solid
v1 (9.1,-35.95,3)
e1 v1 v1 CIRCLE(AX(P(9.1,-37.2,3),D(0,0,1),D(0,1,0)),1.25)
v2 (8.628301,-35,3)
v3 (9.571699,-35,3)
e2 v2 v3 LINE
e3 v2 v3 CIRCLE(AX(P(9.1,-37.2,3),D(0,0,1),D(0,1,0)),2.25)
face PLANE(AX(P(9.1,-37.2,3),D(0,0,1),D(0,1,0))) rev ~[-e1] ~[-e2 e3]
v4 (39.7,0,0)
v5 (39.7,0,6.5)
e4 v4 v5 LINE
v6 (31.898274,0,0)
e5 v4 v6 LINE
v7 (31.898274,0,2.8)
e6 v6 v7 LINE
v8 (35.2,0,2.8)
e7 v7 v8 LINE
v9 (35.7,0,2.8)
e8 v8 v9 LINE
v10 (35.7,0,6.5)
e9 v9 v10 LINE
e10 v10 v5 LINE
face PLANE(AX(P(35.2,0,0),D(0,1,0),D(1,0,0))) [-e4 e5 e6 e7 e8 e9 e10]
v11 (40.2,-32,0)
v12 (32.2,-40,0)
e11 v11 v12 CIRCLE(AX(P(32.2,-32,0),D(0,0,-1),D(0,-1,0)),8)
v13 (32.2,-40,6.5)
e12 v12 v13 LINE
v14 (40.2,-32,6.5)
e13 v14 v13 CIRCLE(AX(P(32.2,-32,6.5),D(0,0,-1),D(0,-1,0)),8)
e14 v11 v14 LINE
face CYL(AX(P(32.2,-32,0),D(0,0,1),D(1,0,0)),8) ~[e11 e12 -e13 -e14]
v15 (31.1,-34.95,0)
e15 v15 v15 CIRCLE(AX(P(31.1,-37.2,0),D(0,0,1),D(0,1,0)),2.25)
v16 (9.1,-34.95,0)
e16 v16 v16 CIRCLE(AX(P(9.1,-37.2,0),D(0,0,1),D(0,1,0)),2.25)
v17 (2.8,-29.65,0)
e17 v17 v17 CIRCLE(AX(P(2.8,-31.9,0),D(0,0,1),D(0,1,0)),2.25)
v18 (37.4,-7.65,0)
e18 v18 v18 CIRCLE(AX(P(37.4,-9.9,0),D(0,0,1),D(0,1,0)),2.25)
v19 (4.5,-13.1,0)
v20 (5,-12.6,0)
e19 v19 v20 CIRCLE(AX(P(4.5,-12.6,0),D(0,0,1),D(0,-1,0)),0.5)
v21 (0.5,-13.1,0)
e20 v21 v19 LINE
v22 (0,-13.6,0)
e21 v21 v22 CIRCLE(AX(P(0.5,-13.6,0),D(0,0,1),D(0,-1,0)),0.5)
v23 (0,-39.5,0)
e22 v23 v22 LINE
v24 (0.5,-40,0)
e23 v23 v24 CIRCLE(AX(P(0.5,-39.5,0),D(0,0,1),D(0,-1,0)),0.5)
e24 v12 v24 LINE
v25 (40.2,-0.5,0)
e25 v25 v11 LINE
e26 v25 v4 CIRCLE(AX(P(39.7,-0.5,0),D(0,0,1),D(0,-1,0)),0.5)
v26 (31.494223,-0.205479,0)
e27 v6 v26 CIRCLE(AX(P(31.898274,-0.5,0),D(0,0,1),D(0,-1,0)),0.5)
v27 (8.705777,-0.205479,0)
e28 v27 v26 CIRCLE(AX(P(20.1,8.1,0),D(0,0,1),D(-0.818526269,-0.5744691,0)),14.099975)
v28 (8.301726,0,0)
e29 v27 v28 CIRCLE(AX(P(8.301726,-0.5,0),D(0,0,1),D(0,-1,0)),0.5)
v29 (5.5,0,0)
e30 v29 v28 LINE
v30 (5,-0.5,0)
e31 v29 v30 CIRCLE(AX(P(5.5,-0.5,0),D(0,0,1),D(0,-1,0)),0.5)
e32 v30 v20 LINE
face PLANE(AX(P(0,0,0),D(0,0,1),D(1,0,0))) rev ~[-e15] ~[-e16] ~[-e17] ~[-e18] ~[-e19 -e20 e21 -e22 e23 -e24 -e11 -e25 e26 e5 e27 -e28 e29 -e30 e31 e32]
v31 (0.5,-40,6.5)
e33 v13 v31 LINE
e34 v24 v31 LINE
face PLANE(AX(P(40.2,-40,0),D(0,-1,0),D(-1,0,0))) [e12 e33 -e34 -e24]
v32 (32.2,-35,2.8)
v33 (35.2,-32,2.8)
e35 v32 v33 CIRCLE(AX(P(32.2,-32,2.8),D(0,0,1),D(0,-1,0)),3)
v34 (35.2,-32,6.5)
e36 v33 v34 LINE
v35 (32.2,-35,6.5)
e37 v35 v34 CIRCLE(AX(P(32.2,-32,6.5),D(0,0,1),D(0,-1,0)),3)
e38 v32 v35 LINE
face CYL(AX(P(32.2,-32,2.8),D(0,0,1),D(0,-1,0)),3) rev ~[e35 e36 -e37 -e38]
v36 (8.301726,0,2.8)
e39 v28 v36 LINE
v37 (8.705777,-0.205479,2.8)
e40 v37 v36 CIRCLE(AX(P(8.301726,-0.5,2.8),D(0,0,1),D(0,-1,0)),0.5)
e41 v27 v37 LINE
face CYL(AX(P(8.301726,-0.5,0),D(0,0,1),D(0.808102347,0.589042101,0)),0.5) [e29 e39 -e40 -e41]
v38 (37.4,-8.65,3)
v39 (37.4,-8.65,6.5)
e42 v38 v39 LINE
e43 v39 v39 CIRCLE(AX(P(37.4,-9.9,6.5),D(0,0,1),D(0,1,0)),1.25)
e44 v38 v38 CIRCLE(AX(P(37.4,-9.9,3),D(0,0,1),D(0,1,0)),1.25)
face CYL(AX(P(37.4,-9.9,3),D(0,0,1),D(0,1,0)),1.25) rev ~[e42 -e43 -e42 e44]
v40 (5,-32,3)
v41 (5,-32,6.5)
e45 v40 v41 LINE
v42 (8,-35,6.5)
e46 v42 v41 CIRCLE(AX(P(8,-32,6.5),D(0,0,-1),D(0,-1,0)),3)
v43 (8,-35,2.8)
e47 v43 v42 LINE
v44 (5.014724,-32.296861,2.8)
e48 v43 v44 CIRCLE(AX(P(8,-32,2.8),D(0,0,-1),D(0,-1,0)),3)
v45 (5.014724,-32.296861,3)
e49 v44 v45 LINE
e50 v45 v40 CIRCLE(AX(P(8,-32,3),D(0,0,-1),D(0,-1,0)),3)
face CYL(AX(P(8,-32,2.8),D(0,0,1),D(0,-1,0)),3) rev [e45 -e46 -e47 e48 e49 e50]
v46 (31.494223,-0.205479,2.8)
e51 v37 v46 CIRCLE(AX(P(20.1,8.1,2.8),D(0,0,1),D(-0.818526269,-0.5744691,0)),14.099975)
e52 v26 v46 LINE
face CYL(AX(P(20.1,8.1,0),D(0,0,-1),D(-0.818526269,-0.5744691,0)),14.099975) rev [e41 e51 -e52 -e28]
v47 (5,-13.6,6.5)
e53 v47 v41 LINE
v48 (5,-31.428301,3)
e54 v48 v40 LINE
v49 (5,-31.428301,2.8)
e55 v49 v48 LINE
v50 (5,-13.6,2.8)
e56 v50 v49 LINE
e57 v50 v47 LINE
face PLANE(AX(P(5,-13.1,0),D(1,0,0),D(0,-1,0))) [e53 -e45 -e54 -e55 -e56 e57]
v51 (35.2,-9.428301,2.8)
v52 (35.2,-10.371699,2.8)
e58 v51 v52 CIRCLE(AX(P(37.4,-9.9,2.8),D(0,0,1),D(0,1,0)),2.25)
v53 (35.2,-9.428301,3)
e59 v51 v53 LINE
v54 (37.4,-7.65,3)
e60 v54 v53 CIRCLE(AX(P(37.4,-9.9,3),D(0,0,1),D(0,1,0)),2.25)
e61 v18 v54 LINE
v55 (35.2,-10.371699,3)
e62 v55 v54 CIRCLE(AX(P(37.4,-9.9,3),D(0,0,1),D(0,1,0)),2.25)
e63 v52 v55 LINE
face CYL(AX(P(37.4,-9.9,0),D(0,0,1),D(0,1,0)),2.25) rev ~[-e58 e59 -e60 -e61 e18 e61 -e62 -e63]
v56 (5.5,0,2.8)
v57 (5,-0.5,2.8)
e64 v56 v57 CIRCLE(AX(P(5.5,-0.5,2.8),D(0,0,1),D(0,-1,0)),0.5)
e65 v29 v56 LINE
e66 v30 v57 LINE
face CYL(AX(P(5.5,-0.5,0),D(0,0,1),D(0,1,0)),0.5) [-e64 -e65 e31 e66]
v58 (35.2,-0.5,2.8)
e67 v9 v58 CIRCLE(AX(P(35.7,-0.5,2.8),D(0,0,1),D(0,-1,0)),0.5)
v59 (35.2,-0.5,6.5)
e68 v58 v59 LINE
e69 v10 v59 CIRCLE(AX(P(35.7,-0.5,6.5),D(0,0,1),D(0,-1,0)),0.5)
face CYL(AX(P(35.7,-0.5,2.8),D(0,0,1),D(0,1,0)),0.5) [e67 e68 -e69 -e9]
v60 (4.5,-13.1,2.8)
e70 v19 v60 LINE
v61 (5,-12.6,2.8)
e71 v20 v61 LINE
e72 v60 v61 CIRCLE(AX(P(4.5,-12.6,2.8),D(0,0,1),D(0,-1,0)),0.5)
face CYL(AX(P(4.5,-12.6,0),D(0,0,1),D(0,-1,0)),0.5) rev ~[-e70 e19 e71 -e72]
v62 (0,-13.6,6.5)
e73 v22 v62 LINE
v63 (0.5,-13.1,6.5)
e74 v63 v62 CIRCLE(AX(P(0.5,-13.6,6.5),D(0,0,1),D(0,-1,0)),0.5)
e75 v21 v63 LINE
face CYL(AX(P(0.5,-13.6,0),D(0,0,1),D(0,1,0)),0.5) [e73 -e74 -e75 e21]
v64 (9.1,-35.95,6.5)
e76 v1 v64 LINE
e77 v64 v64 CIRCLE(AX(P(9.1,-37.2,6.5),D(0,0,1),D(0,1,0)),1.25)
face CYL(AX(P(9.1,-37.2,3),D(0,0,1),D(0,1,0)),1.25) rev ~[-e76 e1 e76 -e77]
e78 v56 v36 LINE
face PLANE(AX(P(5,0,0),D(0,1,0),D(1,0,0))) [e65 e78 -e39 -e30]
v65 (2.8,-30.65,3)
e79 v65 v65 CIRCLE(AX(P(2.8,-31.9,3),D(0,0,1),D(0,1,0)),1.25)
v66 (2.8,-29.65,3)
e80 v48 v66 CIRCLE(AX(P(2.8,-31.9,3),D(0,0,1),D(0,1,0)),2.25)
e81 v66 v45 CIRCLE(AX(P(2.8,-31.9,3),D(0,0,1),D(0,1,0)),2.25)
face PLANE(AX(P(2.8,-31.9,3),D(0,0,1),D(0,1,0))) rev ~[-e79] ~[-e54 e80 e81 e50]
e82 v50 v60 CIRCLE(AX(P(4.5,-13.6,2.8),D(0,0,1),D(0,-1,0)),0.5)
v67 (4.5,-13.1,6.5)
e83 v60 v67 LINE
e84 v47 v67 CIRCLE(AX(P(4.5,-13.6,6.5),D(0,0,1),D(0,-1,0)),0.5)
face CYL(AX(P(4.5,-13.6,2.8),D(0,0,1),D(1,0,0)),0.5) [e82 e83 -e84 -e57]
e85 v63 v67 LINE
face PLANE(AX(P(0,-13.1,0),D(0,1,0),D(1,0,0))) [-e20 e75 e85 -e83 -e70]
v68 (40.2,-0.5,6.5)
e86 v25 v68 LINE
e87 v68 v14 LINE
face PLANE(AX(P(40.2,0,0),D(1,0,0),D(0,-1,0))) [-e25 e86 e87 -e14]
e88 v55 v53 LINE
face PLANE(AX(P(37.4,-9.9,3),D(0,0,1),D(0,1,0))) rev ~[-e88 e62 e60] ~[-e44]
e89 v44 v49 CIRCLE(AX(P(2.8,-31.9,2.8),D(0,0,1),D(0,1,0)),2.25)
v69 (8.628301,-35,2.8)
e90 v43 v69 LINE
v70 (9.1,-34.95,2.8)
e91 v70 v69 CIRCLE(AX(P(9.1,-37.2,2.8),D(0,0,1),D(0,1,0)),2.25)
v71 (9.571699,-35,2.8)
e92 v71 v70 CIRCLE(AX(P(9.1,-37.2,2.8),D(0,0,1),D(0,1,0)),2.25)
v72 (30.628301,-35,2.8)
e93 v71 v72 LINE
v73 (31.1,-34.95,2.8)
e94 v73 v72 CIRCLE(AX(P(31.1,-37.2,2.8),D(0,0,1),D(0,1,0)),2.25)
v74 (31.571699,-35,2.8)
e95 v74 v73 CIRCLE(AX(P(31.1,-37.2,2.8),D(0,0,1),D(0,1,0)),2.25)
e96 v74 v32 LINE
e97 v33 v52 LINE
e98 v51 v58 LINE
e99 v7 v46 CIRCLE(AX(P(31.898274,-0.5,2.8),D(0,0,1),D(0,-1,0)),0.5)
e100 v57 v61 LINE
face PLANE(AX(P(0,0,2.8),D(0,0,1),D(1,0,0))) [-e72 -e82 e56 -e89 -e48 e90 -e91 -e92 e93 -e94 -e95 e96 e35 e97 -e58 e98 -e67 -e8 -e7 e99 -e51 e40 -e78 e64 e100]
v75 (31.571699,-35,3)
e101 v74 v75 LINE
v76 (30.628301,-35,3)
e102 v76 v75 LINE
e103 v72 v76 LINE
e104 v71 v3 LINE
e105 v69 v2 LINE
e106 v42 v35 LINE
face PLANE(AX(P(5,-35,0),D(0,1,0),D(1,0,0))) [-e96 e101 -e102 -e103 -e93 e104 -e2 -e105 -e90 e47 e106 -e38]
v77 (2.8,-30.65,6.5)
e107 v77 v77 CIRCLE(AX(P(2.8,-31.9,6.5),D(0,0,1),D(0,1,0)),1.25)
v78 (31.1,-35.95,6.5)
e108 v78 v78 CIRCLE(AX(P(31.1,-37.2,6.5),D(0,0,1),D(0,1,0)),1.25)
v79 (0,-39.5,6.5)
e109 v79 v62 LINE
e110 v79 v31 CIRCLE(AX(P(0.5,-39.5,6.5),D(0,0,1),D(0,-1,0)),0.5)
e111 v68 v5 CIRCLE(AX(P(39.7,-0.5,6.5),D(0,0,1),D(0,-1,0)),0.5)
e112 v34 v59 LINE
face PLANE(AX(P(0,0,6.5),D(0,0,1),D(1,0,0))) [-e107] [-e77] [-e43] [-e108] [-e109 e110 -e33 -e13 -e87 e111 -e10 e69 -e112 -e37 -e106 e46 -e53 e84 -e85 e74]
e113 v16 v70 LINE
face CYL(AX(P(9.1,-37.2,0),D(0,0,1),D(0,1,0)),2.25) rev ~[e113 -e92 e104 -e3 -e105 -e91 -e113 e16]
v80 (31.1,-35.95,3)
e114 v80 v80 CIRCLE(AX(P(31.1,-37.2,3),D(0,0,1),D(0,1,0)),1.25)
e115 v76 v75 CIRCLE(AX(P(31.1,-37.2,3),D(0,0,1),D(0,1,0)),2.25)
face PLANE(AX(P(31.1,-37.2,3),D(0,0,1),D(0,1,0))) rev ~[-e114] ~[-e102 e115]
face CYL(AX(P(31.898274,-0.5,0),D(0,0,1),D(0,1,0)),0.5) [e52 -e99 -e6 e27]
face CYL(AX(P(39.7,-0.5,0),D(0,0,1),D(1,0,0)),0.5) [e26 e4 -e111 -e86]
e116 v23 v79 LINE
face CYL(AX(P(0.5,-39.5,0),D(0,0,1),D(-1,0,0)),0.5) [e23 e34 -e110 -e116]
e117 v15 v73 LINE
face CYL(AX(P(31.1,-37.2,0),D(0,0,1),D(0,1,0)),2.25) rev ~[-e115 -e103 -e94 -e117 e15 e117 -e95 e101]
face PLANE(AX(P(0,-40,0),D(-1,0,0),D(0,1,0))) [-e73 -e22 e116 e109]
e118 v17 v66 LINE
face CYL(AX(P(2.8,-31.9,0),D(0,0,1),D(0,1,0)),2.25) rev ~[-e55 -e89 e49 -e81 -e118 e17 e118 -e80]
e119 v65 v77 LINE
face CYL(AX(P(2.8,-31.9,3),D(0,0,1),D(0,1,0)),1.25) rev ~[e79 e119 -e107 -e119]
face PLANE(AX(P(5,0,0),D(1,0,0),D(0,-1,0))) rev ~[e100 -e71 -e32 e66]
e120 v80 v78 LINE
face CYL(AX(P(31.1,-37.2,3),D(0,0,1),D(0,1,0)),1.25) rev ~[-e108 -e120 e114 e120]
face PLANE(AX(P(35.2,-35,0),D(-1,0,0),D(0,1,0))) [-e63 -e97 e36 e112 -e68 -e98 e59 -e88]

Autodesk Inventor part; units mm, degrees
ref_plane "YZ Plane" through (0, 0, 0) normal (1, 0, 0) x (0, 1, 0)
ref_plane "XZ Plane" through (0, 0, 0) normal (0, 1, 0) x (-1, 0, 0)
ref_plane "XY Plane" through (0, 0, 0) normal (0, 0, 1) x (1, 0, 0)
sketch "Sketch2" plane through (0, 0, 0) normal (0, 0, 1) x (1, 0, 0)
  line L0 (0, 0) -> (5, 0) construction
  line L1 (40.2, 0) -> (40.2, -40)
  line L2 (40.2, -40) -> (0, -40)
  line L3 (0, -40) -> (0, -13.1)
  arc A0 (31.6412, 0) -> (8.5588, 0) centre (20.1, 8.1) ccw construction
  line L4 (31.6412, 0) -> (40.2, 0)
  line L5 (8.5588, 0) -> (31.6412, 0) construction
  arc A1 (8.5588, 0) -> (31.6412, 0) centre (20.1, 8.1) ccw
  line L6 (35.2, 0) -> (31.6412, 0)
  line L7 (5, 0) -> (5, -13.1)
  line L8 (5, -35) -> (35.2, -35)
  line L9 (35.2, -35) -> (35.2, 0)
  line L10 (0, -13.1) -> (5, -13.1)
  line L11 (0, -13.1) -> (0, 0) construction
  line L12 (5, -13.1) -> (5, -35)
  line L13 (5, 0) -> (8.5588, 0)
  line L14 (8.5588, 0) -> (5, 0)
  line L15 (31.6412, 0) -> (8.5588, 0) construction
  line L16 (20.1, 0) -> (20.1, 8.1)
  line L17 (31.1, -37.2) -> (40.2, -37.2) construction
  line L18 (9.1, -37.2) -> (0, -37.2) construction
  point P0 (2.8, -31.9)
  point P1 (37.4, -9.9)
  dimension "d0" = 40
  dimension "d1" = 40.2
  dimension "d55" = 28.2
  dimension "d56" = 5
  dimension "d57" = 5
  dimension "d58" = 5
  dimension "d59" = 26.9
  dimension "d66" = 48.1
  dimension "d67" = 2.8
  dimension "d68" = 2.8
  dimension "d69" = 2.8
  dimension "d70" = 22
  dimension "d72" = 30.1
  dimension "d73" = 8.1
  dimension "d74" = 2.8
extrude "Extrusion6" add sketch "Sketch2" along normal blind 6.5 contours L1 L2 L3 L10 L12 L8 L9 L4
extrude "Extrusion8" add sketch "Sketch2" along normal blind 2.8 contours L9 L8 L12 L7 L13 A1 L4
hole "Hole2" at (20.1, 8.1, 0) at (31.1, -37.2, 0) at (9.1, -37.2, 0) at (2.8, -31.9, 0) at (37.4, -9.9, 0) direction (0, 0, 1) diameter 2.5 end through all counterbore diameter 4.5 counterbore depth 3
fillet "Fillet1" radius 0.5 9 edges at (40.2, 0, 3.25) (35.2, 0, 4.65) (5, -13.1, 4.65) (5, -13.1, 1.4) (0, -13.1, 3.25) (0, -40, 3.25) (31.6412, 0, 1.4) (8.5588, 0, 1.4) (5, 0, 1.4)
fillet "Fillet2" radius 3 2 edges at (35.2, -35, 4.65) (5, -35, 4.65)
fillet "Fillet3" radius 8 1 edges at (40.2, -40, 3.25)
ref_plane "Work Plane1" through (-4.5, -39.5, 0) normal (-1, 0, 0) x (0, 0, 1)
equation "\"d1\" = side_to_side_outside_dist"
equation "\"d56\" = outside_inside_dist - tol"
equation "\"d57\" = outside_inside_dist - tol"
equation "\"d58\" = outside_inside_dist - tol"
equation "\"d66\" = front_to_axe"
equation "\"d67\" = holes_to_side"
equation "\"d68\" = holes_to_side"
equation "\"d69\" = holes_to_side"
equation "\"d74\" = holes_to_side"
equation "\"d60\" = outside_depth"
equation "\"outside_inside_dist\" = 5.1"
equation "\"outside_depth\" = 6.5"
equation "\"inside_depth\" = outside_depth - inside_to_outside"
equation "\"tol\" = 0.1"
equation "\"side_to_side_outside_dist\" = 40.2"
equation "\"front_to_torsebas\" = 27.1"
equation "\"front_to_axe\" = 48.1"
equation "\"palonnier_diameter\" = 28"
equation "\"holes_to_side\" = 2.8"
equation "\"inside_to_outside\" = 3.5"
equation "\"teflon_sheet_thickness\" = 10.5"
equation "\"stock_top_offset\" = teflon_sheet_thickness - outside_depth"
properties part number "high_leg_teflon_left"
